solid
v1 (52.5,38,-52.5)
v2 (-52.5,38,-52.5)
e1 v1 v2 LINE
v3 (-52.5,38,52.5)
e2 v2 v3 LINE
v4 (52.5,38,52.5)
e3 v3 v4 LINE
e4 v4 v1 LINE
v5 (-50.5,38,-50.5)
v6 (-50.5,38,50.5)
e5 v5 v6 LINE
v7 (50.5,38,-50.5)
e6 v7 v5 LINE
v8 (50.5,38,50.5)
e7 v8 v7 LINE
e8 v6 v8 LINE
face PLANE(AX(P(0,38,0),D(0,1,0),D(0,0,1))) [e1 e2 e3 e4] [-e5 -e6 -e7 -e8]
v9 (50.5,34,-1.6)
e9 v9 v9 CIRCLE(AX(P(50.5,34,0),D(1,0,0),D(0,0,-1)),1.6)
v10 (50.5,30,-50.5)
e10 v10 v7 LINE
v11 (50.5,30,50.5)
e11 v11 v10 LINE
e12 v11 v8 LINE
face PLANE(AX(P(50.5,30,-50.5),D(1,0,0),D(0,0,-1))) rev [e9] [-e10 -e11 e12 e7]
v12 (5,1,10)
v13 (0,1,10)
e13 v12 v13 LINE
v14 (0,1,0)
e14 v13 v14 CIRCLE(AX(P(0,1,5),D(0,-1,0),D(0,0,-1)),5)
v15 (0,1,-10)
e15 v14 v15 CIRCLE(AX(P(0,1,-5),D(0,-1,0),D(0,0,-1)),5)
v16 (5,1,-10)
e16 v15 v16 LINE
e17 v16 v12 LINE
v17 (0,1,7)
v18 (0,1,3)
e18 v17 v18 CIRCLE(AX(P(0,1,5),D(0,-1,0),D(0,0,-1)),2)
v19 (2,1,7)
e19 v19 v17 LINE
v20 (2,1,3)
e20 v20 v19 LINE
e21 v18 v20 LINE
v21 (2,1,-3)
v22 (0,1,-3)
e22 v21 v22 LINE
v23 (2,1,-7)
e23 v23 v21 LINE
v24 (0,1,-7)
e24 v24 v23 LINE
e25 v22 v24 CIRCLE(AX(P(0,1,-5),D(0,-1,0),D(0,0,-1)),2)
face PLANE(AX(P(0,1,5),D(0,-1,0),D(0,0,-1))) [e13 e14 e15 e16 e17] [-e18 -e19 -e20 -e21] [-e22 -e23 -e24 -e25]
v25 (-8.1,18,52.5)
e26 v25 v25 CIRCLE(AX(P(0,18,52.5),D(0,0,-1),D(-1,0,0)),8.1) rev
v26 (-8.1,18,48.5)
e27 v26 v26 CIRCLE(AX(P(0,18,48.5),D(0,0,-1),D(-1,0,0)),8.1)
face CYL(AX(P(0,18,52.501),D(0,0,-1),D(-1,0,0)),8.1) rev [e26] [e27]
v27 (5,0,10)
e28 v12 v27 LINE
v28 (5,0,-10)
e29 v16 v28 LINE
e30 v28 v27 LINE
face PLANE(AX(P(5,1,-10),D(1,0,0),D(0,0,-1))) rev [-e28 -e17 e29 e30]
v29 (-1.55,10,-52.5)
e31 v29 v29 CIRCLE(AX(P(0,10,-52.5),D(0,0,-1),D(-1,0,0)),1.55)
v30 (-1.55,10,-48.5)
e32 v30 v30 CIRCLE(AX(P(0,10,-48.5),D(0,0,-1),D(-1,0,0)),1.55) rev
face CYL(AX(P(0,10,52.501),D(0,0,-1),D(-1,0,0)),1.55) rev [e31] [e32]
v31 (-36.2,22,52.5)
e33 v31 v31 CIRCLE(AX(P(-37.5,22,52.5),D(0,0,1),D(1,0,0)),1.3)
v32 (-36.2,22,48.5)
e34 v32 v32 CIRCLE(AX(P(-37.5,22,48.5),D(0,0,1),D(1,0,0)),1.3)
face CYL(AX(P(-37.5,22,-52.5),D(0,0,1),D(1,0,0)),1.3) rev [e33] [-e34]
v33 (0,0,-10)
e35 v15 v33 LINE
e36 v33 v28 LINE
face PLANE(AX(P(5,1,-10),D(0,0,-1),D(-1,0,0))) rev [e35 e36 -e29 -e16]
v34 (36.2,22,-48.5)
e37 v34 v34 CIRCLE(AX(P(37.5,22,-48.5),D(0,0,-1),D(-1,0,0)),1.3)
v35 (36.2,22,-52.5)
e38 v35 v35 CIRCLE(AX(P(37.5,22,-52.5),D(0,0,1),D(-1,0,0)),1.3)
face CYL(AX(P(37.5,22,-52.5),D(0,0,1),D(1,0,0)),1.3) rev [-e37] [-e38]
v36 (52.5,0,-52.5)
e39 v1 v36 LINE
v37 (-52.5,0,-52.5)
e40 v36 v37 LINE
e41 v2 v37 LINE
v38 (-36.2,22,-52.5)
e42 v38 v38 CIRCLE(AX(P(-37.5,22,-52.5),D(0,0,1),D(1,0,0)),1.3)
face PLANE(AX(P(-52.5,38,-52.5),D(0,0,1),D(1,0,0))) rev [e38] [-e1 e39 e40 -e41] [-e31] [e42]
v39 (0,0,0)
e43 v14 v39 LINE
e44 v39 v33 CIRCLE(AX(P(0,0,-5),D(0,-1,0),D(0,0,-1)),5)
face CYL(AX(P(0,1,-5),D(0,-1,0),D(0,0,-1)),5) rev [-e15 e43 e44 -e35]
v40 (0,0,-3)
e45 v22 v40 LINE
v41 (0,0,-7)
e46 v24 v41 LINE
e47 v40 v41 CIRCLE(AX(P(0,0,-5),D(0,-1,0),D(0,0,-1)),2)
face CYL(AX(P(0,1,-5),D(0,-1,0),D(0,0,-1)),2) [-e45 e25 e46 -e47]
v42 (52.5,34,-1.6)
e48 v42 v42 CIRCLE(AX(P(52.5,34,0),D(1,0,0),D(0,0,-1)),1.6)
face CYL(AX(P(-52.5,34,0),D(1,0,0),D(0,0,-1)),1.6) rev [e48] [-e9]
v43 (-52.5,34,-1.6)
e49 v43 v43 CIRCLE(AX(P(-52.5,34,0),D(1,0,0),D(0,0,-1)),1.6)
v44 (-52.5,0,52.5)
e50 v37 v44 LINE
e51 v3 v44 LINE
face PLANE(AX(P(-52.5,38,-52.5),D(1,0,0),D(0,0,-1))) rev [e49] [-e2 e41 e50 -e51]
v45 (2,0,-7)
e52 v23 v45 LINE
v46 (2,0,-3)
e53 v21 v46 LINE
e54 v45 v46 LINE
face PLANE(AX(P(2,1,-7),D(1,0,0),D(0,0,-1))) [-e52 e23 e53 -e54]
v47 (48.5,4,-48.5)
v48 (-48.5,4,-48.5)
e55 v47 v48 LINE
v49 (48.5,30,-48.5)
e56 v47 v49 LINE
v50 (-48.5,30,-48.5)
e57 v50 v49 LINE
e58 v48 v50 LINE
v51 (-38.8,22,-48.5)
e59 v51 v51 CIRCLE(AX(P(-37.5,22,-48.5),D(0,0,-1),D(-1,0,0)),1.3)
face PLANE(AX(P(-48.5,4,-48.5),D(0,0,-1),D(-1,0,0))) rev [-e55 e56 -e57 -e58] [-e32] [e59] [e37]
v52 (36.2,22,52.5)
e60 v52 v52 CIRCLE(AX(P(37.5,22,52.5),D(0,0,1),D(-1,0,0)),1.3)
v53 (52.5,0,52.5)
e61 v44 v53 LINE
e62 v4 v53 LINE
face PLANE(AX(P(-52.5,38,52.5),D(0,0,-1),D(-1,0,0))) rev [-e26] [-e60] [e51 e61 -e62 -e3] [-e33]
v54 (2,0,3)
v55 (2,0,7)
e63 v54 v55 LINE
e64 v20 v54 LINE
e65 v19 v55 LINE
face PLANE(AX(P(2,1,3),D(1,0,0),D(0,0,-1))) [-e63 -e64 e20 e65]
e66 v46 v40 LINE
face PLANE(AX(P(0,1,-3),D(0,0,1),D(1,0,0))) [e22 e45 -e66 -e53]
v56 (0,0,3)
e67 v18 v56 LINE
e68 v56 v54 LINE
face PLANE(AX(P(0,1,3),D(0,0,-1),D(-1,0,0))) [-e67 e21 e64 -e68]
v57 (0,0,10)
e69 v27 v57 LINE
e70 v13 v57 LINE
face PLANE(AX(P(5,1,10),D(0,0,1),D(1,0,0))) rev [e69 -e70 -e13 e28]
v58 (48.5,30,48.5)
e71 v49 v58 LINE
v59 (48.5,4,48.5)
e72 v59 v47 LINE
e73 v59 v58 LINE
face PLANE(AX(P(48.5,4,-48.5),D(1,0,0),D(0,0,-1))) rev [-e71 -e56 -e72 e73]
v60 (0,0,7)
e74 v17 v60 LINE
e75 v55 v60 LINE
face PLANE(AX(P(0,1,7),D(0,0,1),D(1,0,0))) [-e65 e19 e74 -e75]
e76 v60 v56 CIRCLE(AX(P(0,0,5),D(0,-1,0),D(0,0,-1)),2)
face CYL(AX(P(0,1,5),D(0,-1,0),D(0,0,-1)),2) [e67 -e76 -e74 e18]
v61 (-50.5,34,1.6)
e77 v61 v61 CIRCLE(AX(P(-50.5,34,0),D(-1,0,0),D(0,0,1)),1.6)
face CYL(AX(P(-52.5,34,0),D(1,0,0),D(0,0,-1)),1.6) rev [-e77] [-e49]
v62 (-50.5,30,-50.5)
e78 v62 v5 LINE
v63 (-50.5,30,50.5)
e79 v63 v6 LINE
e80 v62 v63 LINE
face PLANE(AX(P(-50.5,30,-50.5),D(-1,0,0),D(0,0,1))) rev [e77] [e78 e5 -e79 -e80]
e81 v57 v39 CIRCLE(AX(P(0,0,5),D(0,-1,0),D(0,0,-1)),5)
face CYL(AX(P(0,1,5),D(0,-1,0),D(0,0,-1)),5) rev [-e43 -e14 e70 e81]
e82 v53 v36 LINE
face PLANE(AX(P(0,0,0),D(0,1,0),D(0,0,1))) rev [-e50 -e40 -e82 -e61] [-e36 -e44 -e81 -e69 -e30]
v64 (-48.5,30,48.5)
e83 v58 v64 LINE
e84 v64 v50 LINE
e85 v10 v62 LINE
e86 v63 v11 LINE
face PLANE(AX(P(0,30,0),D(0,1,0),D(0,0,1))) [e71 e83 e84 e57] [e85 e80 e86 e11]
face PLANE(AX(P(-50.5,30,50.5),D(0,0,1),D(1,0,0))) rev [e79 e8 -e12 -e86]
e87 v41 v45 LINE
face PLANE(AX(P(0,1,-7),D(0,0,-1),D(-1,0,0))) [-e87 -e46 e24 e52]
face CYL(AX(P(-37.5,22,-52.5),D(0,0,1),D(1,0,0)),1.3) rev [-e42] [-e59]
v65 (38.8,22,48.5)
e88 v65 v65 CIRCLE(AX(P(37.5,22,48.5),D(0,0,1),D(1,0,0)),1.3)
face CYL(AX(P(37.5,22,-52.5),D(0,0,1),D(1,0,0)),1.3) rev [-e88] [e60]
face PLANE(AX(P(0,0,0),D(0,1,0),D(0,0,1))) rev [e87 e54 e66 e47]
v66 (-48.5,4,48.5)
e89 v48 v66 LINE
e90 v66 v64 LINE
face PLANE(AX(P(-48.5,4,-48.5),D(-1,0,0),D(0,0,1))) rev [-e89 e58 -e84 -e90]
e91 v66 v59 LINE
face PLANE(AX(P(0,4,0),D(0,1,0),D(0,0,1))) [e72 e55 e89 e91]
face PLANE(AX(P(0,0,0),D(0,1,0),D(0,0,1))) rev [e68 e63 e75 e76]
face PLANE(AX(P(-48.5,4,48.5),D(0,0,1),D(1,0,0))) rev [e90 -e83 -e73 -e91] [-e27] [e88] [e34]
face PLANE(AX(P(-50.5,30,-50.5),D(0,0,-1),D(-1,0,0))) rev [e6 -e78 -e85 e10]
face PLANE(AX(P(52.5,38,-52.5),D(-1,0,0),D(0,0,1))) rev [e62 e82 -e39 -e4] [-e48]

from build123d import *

# Parameters (mm, degrees)
SKETCH1_W           = 105
SKETCH1_H           = 105
BOSS_EXTRUDE1_DEPTH = 38
SKETCH2_W           = 97
SKETCH2_H           = 97
CUT_EXTRUDE1_DEPTH  = 34
SKETCH3_W           = 101
SKETCH3_H           = 101
CUT_EXTRUDE2_DEPTH  = 8
SKETCH5_R           = 1.6
CUT_EXTRUDE3_DEPTH  = 106
CUT_EXTRUDE4_REACH  = 6
SKETCH7_R           = 8.1
CUT_EXTRUDE5_DEPTH  = 1
SKETCH11_R          = 1.3
CUT_EXTRUDE6_DEPTH  = 106
CUT_EXTRUDE7_REACH  = 107
SKETCH12_R          = 1.55


with BuildPart() as part:
    # Sketch1 → Boss-Extrude1 (new body)
    with BuildSketch(Plane(origin=(0, 0, 0), x_dir=(1, 0, 0), z_dir=(0, 1, 0))):
        Rectangle(SKETCH1_W, SKETCH1_H)
    extrude(amount=BOSS_EXTRUDE1_DEPTH)

    # Sketch2 → Cut-Extrude1 (cut)
    with BuildSketch(Plane(origin=(0, 38, 0), x_dir=(1, 0, 0), z_dir=(0, 1, 0))):
        Rectangle(SKETCH2_W, SKETCH2_H)
    extrude(amount=-CUT_EXTRUDE1_DEPTH, mode=Mode.SUBTRACT)

    # Sketch3 → Cut-Extrude2 (cut)
    with BuildSketch(Plane(origin=(0, 38, 0), x_dir=(1, 0, 0), z_dir=(0, 1, 0))):
        Rectangle(SKETCH3_W, SKETCH3_H)
    extrude(amount=-CUT_EXTRUDE2_DEPTH, mode=Mode.SUBTRACT)

    # Sketch5 → Cut-Extrude3 (cut, through all)
    with BuildSketch(Plane(origin=(52.5, 0, 0), x_dir=(0, 0, -1), z_dir=(1, 0, 0))):
        with Locations((0, 34)):
            Circle(SKETCH5_R)
    extrude(amount=-CUT_EXTRUDE3_DEPTH, mode=Mode.SUBTRACT)

    # Sketch7 → Cut-Extrude4 (cut, up to next)
    with BuildSketch(Plane(origin=(0, 0, 48.5), x_dir=(-1, 0, 0), z_dir=(0, 0, -1)), mode=Mode.PRIVATE) as cut_extrude4_sk1:
        with Locations((0, 18)):
            Circle(SKETCH7_R)
    cut_extrude4_tool1 = extrude(cut_extrude4_sk1.sketch, amount=-CUT_EXTRUDE4_REACH, mode=Mode.PRIVATE) & part.part
    add(cut_extrude4_tool1.solids().sort_by_distance((0, 18, 48.5))[0], mode=Mode.SUBTRACT)

    # Sketch10 → Cut-Extrude5 (cut)
    with BuildSketch(Plane.XZ):
        with BuildLine():
            Line((5, -10), (0, -10))
            ThreePointArc((0, -10), (-5, -5), (0, 0))
            ThreePointArc((0, 0), (-5, 5), (0, 10))
            Line((0, 10), (5, 10))
            Line((5, 10), (5, -10))
        make_face()
        with BuildLine():
            Line((0, -7), (2, -7))
            Line((2, -7), (2, -3))
            Line((2, -3), (0, -3))
            ThreePointArc((0, -3), (-2, -5), (0, -7))
        make_face(mode=Mode.SUBTRACT)
        with BuildLine():
            Line((0, 3), (2, 3))
            Line((2, 3), (2, 7))
            Line((2, 7), (0, 7))
            ThreePointArc((0, 7), (-2, 5), (0, 3))
        make_face(mode=Mode.SUBTRACT)
    extrude(amount=-CUT_EXTRUDE5_DEPTH, mode=Mode.SUBTRACT)

    # Sketch11 → Cut-Extrude6 (cut, through all)
    with BuildSketch(Plane.XY.offset(52.5)):
        with Locations((-37.5, 22)):
            Circle(SKETCH11_R)
        with Locations((37.5, 22)):
            Circle(SKETCH11_R)
    extrude(amount=-CUT_EXTRUDE6_DEPTH, mode=Mode.SUBTRACT)

    # Sketch12 → Cut-Extrude7 (cut, up to next)
    with BuildSketch(Plane(origin=(0, 0, -52.5), x_dir=(-1, 0, 0), z_dir=(0, 0, -1)), mode=Mode.PRIVATE) as cut_extrude7_sk1:
        with Locations((0, 10)):
            Circle(SKETCH12_R)
    cut_extrude7_tool1 = extrude(cut_extrude7_sk1.sketch, amount=-CUT_EXTRUDE7_REACH, mode=Mode.PRIVATE) & part.part
    add(cut_extrude7_tool1.solids().sort_by_distance((0, 10, -52.5))[0], mode=Mode.SUBTRACT)


solid = part.part
